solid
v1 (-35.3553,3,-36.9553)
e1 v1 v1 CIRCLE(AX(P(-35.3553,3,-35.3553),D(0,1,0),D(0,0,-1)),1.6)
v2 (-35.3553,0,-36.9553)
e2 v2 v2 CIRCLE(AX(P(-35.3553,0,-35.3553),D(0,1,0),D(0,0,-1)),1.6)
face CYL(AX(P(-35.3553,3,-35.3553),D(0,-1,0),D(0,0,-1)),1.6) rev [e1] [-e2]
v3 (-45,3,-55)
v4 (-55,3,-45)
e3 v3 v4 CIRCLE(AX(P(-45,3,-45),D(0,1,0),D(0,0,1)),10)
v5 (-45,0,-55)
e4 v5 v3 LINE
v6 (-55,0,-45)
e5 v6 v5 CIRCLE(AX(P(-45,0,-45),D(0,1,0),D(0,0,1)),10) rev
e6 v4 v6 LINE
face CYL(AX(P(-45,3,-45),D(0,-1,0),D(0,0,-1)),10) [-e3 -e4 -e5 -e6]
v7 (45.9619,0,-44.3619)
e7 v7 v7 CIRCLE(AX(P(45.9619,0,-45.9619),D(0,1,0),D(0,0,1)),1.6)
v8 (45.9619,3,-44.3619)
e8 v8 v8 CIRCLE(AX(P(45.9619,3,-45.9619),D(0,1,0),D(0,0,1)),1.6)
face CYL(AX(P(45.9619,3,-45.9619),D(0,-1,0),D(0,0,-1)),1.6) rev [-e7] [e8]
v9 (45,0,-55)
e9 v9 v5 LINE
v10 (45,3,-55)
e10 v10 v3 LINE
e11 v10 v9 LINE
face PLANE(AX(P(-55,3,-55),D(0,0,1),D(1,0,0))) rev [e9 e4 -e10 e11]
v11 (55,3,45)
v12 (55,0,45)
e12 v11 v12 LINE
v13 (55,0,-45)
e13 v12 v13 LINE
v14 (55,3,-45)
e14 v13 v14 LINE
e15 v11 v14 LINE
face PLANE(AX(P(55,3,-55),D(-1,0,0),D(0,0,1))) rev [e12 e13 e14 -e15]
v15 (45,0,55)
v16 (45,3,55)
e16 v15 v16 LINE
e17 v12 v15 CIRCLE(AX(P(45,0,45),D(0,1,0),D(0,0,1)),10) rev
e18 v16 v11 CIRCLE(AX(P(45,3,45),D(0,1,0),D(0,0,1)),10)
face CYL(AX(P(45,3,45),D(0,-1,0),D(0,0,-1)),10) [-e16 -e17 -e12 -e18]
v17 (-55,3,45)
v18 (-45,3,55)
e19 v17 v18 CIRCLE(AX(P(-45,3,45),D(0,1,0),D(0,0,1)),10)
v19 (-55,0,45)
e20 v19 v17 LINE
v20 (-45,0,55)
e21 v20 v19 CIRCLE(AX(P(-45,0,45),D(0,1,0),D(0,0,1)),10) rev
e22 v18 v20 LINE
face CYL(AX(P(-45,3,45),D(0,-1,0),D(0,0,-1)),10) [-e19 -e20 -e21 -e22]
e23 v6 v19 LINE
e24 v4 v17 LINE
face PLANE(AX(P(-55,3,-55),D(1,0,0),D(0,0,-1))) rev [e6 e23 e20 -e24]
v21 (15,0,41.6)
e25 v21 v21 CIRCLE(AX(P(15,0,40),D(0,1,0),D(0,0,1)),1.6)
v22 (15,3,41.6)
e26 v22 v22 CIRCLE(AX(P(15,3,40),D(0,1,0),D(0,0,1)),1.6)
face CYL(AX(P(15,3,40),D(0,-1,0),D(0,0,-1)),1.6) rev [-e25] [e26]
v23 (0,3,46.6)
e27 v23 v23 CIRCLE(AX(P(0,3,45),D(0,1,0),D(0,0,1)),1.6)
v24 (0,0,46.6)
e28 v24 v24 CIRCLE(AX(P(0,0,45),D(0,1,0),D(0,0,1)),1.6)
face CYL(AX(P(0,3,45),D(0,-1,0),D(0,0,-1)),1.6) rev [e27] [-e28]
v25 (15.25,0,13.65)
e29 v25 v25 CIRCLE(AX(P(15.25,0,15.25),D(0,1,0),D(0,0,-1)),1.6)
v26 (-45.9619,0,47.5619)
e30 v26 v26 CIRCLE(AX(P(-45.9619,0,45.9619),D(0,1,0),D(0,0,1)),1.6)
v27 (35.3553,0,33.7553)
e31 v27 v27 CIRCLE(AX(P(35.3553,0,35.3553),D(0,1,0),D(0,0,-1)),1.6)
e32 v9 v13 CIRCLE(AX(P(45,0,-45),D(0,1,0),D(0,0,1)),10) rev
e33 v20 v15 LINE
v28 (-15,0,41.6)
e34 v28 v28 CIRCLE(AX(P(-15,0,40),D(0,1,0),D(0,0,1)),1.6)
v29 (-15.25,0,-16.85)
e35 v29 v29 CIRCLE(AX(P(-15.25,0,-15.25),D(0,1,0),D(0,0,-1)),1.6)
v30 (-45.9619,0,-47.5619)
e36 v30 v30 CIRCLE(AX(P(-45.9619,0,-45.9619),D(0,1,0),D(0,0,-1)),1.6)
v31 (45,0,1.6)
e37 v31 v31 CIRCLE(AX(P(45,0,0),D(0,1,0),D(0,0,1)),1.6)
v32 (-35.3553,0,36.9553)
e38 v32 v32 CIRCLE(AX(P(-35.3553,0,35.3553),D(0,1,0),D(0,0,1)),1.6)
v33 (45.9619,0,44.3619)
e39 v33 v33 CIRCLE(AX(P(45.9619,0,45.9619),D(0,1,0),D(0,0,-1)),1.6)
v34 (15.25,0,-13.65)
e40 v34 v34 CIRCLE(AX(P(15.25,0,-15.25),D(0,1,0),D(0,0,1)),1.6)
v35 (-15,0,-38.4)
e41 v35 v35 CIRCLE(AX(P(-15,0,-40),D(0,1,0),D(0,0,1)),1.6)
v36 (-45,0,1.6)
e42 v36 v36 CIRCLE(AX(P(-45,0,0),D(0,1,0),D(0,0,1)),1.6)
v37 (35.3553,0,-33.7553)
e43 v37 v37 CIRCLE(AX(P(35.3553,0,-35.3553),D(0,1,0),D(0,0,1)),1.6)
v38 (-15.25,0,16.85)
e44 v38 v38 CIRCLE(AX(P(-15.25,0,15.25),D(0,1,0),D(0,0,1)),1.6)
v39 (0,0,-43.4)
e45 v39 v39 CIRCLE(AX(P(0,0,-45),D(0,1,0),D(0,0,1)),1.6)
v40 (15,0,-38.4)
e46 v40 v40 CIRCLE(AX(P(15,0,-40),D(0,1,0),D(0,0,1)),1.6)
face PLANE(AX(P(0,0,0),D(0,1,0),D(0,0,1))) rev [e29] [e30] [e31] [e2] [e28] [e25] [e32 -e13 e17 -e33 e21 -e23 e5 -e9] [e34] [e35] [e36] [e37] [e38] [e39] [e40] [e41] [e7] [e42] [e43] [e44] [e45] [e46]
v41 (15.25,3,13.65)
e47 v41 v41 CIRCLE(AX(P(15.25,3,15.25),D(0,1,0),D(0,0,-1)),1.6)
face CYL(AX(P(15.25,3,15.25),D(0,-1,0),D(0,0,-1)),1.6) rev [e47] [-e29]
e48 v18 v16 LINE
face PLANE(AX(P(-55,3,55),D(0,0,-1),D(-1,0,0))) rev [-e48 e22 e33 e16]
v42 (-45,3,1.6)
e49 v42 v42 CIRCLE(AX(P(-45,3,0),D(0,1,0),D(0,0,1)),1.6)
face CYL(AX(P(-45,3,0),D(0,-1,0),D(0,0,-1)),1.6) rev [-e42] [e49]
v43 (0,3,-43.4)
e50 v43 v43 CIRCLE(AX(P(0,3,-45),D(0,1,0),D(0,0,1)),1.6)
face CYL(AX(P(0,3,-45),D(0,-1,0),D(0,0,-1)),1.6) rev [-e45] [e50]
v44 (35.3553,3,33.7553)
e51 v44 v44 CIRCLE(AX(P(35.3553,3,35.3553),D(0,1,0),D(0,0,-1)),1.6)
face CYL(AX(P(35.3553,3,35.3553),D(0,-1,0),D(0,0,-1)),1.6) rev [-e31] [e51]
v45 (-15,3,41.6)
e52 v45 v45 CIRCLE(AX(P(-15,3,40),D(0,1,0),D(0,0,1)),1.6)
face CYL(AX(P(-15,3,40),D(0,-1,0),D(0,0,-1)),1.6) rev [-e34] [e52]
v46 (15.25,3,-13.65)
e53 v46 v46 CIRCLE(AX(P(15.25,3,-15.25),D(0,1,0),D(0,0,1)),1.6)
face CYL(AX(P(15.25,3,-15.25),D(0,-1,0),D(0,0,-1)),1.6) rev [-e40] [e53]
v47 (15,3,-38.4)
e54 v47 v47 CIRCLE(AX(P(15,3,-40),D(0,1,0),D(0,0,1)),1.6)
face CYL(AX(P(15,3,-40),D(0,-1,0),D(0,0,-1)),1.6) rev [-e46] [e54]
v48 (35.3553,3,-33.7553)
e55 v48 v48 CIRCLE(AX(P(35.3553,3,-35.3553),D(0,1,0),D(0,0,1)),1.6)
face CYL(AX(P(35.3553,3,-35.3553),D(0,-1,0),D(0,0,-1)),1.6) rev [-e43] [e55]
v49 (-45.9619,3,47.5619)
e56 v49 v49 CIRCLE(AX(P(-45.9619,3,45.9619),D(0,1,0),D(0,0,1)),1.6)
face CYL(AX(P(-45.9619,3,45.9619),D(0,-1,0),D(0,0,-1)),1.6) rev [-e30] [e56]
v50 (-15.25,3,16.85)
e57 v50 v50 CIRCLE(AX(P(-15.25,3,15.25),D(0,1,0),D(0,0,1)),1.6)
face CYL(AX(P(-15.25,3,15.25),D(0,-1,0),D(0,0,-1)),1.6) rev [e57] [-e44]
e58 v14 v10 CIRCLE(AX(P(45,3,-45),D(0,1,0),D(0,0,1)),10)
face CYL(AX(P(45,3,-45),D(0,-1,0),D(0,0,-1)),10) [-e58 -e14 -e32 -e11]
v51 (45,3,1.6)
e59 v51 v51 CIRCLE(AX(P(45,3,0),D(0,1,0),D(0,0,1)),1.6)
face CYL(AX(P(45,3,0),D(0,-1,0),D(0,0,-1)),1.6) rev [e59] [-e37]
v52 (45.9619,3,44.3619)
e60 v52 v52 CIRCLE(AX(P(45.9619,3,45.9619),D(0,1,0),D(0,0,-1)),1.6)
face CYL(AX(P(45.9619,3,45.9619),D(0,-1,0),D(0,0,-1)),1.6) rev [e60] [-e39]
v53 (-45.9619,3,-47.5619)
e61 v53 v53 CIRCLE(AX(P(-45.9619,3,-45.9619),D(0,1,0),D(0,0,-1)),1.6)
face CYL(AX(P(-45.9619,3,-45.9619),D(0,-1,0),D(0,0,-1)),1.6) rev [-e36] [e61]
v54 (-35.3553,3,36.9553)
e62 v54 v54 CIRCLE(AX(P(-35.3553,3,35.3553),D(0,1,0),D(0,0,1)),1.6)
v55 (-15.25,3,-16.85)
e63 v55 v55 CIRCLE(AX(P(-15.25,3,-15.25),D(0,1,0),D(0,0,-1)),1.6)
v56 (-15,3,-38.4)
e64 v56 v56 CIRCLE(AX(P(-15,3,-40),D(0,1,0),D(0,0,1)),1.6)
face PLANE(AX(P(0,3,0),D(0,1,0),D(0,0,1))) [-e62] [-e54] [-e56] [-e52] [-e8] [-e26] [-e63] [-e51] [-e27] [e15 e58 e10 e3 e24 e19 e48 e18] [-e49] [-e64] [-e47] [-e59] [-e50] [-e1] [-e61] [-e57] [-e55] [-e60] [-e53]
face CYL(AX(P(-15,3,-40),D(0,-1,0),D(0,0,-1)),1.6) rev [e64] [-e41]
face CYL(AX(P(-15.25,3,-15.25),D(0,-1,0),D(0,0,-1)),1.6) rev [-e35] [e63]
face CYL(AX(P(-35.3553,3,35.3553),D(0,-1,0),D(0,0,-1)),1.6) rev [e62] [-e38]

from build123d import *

# Parameters (mm, degrees)
SKETCH2_W           = 110
SKETCH2_H           = 110
SKETCH2_R           = 1.6
BOSS_EXTRUDE1_DEPTH = 3
FILLET1_R           = 10


with BuildPart() as part:
    # Sketch2 → Boss-Extrude1 (new body)
    with BuildSketch(Plane(origin=(0, 0, 0), x_dir=(1, 0, 0), z_dir=(0, 1, 0))):
        Rectangle(SKETCH2_W, SKETCH2_H)
        with Locations((15.25, 15.25)):
            Circle(SKETCH2_R, mode=Mode.SUBTRACT)
        with Locations((-15.25, 15.25)):
            Circle(SKETCH2_R, mode=Mode.SUBTRACT)
        with Locations((-15.25, -15.25)):
            Circle(SKETCH2_R, mode=Mode.SUBTRACT)
        with Locations((15.25, -15.25)):
            Circle(SKETCH2_R, mode=Mode.SUBTRACT)
        with Locations((35.3553, 35.3553)):
            Circle(SKETCH2_R, mode=Mode.SUBTRACT)
        with Locations((45.9619, 45.9619)):
            Circle(SKETCH2_R, mode=Mode.SUBTRACT)
        with Locations((-35.3553, 35.3553)):
            Circle(SKETCH2_R, mode=Mode.SUBTRACT)
        with Locations((-45.9619, 45.9619)):
            Circle(SKETCH2_R, mode=Mode.SUBTRACT)
        with Locations((45.9619, -45.9619)):
            Circle(SKETCH2_R, mode=Mode.SUBTRACT)
        with Locations((35.3553, -35.3553)):
            Circle(SKETCH2_R, mode=Mode.SUBTRACT)
        with Locations((-45.9619, -45.9619)):
            Circle(SKETCH2_R, mode=Mode.SUBTRACT)
        with Locations((-35.3553, -35.3553)):
            Circle(SKETCH2_R, mode=Mode.SUBTRACT)
        with Locations((0, 45)):
            Circle(SKETCH2_R, mode=Mode.SUBTRACT)
        with Locations((-45, 0)):
            Circle(SKETCH2_R, mode=Mode.SUBTRACT)
        with Locations((45, 0)):
            Circle(SKETCH2_R, mode=Mode.SUBTRACT)
        with Locations((0, -45)):
            Circle(SKETCH2_R, mode=Mode.SUBTRACT)
        with Locations((-15, -40)):
            Circle(SKETCH2_R, mode=Mode.SUBTRACT)
        with Locations((15, -40)):
            Circle(SKETCH2_R, mode=Mode.SUBTRACT)
        with Locations((-15, 40)):
            Circle(SKETCH2_R, mode=Mode.SUBTRACT)
        with Locations((15, 40)):
            Circle(SKETCH2_R, mode=Mode.SUBTRACT)
    extrude(amount=BOSS_EXTRUDE1_DEPTH)

    # Fillet1
    fillet1_edges = [part.edges().sort_by_distance(p)[0] for p in [
        (55, 1.5, 55),
        (55, 1.5, -55),
        (-55, 1.5, 55),
        (-55, 1.5, -55),
    ]]
    fillet(fillet1_edges, radius=FILLET1_R)


solid = part.part
